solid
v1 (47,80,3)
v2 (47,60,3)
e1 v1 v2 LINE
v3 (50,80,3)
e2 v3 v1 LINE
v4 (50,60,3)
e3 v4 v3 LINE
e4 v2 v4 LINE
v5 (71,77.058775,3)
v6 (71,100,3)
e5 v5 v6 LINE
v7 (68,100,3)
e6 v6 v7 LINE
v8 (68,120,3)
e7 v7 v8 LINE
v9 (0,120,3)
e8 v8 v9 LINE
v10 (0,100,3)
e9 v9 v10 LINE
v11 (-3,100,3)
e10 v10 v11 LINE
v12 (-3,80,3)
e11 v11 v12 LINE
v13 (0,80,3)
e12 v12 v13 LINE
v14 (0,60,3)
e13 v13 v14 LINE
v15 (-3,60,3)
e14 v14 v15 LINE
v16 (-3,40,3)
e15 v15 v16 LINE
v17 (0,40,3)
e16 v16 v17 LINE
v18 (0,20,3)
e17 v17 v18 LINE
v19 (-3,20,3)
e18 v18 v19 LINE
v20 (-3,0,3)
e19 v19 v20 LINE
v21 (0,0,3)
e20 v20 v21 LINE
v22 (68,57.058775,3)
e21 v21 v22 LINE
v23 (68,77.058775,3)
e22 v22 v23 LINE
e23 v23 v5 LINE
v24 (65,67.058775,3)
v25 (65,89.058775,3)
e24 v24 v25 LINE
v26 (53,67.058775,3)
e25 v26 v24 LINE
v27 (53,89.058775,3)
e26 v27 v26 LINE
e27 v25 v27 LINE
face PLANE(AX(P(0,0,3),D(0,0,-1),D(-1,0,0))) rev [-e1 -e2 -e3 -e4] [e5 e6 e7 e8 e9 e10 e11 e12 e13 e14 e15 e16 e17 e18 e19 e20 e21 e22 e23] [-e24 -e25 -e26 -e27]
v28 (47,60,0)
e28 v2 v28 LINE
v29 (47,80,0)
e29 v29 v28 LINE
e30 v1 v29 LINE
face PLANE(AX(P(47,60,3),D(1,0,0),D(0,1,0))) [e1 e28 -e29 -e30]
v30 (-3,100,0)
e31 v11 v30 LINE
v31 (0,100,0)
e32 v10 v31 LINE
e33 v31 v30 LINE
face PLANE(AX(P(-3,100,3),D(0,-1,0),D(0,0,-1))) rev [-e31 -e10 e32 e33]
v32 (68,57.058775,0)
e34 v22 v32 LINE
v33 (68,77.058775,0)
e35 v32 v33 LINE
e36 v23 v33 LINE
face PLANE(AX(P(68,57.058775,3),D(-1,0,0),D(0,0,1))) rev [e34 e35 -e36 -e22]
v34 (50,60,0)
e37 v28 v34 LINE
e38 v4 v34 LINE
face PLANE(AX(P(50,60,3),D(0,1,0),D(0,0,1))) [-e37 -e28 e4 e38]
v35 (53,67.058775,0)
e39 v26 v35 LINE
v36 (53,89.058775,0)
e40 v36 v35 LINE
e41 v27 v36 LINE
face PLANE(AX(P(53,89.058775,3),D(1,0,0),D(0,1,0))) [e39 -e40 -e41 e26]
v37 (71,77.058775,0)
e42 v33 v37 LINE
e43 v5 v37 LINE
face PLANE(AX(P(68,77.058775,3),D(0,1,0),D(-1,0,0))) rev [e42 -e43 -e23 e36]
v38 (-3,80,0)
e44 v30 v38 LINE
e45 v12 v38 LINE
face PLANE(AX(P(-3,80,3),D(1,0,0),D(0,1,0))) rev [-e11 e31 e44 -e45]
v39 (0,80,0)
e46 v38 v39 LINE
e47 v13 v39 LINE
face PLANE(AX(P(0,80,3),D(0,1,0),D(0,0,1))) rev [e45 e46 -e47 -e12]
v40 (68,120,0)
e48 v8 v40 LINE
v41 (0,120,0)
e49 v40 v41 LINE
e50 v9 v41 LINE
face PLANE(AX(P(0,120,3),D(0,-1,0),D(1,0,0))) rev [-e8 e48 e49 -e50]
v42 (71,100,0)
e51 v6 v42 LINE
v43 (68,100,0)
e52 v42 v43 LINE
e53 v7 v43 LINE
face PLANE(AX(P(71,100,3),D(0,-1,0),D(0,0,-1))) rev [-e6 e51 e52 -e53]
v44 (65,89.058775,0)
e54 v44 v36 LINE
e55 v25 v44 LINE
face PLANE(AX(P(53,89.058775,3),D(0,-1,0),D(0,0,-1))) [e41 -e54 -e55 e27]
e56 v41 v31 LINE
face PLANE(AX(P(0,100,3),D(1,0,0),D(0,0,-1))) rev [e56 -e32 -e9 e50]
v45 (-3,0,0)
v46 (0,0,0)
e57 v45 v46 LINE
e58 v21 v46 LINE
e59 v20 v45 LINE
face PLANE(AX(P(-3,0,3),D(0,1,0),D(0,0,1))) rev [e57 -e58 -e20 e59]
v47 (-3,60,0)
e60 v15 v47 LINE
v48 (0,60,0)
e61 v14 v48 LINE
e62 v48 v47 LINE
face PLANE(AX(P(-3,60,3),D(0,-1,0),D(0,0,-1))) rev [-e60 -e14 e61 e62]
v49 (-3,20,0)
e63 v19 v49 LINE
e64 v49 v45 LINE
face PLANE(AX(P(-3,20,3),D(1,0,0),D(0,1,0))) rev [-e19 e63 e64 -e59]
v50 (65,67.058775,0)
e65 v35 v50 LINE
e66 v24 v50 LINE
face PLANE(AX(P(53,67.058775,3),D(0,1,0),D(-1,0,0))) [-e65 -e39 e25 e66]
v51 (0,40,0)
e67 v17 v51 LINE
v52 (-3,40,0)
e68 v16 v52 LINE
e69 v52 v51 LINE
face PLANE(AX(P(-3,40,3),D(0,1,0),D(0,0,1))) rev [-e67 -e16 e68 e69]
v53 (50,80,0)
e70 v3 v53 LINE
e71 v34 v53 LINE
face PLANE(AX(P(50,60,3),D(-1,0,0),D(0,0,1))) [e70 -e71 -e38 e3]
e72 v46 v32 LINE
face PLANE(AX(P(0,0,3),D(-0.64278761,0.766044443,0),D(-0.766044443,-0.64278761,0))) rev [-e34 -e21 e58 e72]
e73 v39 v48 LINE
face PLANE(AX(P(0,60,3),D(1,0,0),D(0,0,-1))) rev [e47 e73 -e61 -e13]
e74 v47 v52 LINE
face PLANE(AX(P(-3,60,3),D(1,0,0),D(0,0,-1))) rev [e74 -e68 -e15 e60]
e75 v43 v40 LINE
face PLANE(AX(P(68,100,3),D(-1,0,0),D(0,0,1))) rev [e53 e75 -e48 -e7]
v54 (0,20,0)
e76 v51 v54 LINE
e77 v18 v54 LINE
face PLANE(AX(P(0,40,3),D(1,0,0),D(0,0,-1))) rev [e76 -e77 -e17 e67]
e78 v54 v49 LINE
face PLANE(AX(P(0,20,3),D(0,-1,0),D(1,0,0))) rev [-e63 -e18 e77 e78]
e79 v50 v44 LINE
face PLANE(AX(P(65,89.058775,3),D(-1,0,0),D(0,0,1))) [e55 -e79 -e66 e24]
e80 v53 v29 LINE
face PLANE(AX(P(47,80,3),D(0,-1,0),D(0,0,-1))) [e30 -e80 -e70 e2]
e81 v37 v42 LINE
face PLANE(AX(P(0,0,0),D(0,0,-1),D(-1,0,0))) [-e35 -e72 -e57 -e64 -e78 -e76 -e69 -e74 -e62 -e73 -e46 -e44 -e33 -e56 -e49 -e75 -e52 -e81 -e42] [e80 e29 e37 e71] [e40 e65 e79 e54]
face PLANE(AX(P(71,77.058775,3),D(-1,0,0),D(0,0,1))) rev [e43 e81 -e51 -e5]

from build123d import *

# Parameters (mm, degrees)
SKETCH1_W           = 3
SKETCH1_H           = 20
SKETCH1_W_2         = 12
SKETCH1_H_2         = 22
BOSS_EXTRUDE1_DEPTH = 3


with BuildPart() as part:
    # Sketch1 → Boss-Extrude1 (new body)
    with BuildSketch(Plane.XY):
        Polygon((-3, 60), (-3, 40), (0, 40), (0, 20), (-3, 20), (-3, 0), (0, 0), (68, 57.05877492), (68, 77.05877492), (71, 77.05877492), (71, 100), (68, 100), (68, 120), (23.5, 120), (0, 120), (0, 100), (-3, 100), (-3, 80), (0, 80), (0, 60), align=None)
        with Locations((48.5, 70)):
            Rectangle(SKETCH1_W, SKETCH1_H, mode=Mode.SUBTRACT)
        with Locations((59, 78.05877492)):
            Rectangle(SKETCH1_W_2, SKETCH1_H_2, mode=Mode.SUBTRACT)
    extrude(amount=BOSS_EXTRUDE1_DEPTH)


solid = part.part
